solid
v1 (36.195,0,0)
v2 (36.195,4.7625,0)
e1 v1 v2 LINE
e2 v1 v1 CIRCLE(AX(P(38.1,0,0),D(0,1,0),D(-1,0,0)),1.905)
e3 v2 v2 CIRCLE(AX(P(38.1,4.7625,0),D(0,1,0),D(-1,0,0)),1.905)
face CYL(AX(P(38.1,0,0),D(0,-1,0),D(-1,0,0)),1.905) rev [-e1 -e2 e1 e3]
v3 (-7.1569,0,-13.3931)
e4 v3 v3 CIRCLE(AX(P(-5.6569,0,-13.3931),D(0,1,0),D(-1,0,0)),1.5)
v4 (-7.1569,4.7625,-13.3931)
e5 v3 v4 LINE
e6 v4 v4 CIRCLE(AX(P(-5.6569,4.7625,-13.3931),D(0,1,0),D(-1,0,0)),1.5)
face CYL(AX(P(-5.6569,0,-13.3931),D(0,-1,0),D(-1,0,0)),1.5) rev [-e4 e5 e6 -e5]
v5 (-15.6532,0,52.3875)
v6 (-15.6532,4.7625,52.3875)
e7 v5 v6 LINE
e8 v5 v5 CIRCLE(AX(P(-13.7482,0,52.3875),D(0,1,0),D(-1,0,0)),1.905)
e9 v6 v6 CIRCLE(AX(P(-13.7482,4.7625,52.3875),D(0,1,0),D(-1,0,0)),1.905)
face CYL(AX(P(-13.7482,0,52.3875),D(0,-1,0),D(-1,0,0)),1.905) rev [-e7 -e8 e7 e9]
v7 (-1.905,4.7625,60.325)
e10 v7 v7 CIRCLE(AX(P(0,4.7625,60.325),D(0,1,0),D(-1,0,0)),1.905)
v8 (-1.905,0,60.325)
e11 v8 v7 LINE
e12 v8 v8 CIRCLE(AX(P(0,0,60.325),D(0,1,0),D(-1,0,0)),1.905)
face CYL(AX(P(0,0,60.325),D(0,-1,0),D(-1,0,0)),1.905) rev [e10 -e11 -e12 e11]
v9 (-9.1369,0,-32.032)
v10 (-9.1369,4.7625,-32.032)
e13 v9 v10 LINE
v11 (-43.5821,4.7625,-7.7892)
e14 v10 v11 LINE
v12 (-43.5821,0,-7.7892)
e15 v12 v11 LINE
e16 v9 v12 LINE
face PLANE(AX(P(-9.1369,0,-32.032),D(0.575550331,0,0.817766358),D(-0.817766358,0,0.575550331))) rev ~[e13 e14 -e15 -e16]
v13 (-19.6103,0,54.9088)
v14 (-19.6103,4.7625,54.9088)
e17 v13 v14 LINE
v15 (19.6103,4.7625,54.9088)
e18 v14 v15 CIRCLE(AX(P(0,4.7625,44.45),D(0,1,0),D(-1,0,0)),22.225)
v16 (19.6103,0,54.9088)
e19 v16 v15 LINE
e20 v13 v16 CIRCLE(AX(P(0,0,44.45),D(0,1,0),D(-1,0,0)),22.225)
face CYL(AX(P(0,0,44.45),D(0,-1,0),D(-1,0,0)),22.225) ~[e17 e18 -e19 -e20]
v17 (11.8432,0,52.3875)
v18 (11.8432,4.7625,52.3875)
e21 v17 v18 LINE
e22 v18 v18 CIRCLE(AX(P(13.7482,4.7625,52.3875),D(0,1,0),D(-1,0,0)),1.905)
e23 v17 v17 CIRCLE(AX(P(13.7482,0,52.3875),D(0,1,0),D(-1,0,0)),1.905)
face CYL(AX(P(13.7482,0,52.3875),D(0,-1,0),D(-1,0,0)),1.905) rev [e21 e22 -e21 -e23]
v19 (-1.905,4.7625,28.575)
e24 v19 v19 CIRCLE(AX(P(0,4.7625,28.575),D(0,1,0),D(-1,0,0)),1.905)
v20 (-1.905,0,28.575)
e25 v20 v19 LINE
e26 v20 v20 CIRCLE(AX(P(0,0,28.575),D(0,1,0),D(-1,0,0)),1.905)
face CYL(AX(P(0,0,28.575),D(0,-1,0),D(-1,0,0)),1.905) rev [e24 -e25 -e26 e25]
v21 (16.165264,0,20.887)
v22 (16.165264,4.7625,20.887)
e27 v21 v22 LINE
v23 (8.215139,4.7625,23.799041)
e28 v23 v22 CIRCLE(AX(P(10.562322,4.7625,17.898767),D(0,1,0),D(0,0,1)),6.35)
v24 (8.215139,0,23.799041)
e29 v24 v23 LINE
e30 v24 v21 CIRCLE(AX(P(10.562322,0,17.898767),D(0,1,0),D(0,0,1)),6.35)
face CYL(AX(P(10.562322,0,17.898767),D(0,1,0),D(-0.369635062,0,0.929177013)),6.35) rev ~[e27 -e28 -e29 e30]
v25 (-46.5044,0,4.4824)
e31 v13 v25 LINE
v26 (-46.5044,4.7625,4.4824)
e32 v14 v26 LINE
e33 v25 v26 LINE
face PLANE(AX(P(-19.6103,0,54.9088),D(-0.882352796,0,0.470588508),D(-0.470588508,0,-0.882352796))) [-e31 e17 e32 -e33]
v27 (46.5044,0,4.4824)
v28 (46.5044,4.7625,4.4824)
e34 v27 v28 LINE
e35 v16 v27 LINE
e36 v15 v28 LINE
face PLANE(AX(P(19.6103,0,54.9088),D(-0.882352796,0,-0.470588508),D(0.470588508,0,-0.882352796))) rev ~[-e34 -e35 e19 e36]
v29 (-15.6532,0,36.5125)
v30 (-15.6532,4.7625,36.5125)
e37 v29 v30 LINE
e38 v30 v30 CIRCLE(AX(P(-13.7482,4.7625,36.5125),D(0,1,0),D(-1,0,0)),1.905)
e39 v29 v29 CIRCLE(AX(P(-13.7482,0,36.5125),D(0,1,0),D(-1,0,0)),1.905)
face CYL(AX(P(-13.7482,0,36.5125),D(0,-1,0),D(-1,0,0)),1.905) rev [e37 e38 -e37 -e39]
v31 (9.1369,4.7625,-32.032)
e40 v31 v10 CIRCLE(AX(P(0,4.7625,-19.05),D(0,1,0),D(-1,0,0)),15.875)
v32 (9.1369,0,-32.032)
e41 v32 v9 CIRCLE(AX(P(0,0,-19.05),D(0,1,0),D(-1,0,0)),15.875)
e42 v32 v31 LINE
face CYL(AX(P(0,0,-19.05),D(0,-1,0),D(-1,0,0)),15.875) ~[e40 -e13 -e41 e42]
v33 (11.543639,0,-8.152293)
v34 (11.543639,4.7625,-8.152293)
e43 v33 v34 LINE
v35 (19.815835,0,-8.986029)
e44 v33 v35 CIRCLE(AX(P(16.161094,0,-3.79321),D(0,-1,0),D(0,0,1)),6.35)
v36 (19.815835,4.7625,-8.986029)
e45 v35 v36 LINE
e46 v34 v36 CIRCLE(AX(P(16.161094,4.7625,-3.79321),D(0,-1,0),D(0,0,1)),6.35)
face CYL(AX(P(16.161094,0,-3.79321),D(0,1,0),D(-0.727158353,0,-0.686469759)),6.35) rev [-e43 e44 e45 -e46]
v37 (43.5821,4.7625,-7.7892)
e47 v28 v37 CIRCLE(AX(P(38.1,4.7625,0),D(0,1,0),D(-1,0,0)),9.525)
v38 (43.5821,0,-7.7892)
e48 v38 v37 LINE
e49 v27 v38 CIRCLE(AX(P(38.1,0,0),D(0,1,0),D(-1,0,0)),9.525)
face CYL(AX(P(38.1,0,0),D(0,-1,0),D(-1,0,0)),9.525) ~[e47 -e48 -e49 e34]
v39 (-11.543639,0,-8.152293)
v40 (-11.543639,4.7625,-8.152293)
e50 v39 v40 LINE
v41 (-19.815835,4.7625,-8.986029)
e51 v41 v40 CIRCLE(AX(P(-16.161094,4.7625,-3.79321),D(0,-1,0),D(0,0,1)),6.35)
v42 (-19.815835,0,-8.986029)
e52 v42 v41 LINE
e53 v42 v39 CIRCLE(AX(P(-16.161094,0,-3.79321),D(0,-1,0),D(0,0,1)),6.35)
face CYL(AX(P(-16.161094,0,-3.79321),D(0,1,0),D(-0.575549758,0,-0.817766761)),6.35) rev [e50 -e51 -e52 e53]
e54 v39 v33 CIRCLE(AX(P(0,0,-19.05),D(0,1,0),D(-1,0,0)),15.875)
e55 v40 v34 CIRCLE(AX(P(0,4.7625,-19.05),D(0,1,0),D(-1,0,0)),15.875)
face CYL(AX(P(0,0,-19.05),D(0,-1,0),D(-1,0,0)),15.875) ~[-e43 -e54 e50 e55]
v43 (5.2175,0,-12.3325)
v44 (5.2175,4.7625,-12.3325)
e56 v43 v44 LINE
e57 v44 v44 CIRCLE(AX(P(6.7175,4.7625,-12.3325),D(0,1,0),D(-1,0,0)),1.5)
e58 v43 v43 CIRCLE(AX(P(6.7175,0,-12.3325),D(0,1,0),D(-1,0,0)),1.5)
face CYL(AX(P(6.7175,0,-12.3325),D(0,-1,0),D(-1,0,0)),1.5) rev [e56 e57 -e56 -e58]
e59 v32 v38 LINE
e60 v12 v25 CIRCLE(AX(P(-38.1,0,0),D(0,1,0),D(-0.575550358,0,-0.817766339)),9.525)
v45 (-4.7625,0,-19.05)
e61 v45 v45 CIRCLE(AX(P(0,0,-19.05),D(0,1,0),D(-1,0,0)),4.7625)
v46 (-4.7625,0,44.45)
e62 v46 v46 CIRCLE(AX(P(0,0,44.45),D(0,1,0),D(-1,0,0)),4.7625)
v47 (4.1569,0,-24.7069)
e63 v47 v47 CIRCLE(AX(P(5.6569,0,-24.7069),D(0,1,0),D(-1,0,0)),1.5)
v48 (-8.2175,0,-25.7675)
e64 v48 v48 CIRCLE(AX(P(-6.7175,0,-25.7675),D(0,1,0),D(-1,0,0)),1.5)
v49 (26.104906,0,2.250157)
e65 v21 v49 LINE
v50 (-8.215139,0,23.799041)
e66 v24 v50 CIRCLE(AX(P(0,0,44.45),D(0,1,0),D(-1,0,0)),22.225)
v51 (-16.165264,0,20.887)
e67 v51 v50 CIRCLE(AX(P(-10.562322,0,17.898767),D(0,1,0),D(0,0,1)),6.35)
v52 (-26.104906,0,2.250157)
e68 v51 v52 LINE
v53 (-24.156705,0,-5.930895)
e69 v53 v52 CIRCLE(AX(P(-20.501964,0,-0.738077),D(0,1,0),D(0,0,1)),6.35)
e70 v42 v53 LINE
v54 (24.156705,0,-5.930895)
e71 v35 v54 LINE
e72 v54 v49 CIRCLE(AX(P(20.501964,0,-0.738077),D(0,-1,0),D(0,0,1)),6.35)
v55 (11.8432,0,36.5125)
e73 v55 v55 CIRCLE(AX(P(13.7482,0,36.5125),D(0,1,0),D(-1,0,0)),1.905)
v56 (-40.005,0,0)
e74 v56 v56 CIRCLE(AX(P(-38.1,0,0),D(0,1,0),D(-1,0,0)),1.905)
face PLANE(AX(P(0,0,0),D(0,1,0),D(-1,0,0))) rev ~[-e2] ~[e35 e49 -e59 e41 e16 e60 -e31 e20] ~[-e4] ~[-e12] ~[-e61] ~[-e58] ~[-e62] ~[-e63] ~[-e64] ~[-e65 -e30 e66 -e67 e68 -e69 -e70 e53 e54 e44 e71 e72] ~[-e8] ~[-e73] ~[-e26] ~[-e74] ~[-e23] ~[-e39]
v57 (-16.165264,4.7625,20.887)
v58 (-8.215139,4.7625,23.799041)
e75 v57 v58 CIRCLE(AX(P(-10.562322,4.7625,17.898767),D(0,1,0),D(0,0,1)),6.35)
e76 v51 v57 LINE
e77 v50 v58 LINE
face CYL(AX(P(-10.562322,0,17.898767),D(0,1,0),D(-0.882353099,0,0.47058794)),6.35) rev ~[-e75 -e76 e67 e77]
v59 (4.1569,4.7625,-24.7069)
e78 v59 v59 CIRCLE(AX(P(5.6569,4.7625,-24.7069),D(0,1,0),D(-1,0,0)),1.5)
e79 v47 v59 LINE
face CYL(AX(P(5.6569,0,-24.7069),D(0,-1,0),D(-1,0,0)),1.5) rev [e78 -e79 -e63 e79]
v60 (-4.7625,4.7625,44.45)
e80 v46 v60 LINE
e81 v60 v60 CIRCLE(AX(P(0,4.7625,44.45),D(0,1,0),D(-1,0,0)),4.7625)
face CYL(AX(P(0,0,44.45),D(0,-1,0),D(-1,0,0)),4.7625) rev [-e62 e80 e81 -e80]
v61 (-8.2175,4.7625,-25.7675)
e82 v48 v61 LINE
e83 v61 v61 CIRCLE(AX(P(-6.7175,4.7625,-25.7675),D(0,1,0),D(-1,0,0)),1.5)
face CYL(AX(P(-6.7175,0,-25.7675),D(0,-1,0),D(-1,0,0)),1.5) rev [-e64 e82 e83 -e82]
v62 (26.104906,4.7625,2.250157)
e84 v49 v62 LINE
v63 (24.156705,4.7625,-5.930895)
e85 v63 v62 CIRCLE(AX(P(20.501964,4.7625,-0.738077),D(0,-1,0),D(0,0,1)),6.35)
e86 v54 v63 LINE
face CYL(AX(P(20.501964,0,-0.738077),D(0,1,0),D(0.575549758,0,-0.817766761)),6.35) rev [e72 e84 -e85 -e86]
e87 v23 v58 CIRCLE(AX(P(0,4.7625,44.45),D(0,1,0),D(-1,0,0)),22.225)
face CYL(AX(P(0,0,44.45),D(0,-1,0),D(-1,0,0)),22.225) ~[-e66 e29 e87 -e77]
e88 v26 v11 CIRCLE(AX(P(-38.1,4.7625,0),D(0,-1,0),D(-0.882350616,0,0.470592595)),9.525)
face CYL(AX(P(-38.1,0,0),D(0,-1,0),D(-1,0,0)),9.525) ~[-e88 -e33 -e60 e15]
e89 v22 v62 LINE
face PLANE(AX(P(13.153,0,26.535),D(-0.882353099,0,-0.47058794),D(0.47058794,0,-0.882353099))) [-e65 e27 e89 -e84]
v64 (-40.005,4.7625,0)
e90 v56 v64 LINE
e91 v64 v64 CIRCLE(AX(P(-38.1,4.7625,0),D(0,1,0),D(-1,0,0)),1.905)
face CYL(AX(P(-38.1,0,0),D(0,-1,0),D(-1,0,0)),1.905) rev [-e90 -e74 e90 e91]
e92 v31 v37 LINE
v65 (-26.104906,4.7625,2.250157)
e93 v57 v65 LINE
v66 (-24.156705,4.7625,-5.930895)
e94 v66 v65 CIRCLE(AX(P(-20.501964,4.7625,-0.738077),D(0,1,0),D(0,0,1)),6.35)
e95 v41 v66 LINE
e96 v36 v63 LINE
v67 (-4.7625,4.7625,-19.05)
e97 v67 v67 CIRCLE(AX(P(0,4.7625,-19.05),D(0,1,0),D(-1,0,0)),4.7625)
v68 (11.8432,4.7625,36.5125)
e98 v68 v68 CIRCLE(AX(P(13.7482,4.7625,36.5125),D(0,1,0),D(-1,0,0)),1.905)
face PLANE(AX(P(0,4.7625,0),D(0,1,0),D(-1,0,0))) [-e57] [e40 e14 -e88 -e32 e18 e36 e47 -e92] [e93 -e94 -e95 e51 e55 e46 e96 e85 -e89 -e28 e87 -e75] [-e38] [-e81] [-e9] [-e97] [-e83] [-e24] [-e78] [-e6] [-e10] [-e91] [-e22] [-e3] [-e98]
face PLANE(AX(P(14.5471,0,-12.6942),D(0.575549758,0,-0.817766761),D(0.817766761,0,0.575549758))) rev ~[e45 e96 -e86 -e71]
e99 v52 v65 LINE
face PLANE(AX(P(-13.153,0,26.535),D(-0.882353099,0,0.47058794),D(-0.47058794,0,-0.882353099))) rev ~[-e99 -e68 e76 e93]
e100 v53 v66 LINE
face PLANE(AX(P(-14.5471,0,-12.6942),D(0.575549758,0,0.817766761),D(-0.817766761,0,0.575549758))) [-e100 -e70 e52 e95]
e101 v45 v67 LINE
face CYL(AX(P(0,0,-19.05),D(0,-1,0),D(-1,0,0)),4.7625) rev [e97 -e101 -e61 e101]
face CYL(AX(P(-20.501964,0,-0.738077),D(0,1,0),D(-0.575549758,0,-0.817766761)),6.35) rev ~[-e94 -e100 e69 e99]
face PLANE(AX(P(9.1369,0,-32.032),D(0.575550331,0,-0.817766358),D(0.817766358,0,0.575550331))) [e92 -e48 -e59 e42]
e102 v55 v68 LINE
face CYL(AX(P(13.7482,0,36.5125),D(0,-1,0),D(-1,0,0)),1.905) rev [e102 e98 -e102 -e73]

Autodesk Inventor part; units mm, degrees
ref_plane "YZ Plane" through (0, 0, 0) normal (1, 0, 0) x (0, 1, 0)
ref_plane "XZ Plane" through (0, 0, 0) normal (0, 1, 0) x (-1, 0, 0)
ref_plane "XY Plane" through (0, 0, 0) normal (0, 0, 1) x (1, 0, 0)
sketch "Sketch1" plane through (0, 0, 0) normal (0, 1, 0) x (-1, 0, 0)
  circle A0 centre (0, 0) radius 38.1 construction
  line L0 (0, 0) -> (38.1, 0) construction
  line L1 (0, 0) -> (-38.1, 0) construction
  circle A1 centre (38.1, 0) radius 1.905
  circle A2 centre (-38.1, 0) radius 1.905
  circle A3 centre (38.1, 0) radius 9.525
  circle A4 centre (-38.1, 0) radius 9.525
  line L2 (0, 0) -> (0, 44.45) construction
  circle A5 centre (0, 44.45) radius 76.2 construction
  circle A6 centre (0, 44.45) radius 19.05 construction
  circle A7 centre (0, 0) radius 25.4 construction
  circle A8 centre (0, 44.45) radius 4.7625
  circle A9 centre (0, 44.45) radius 22.225
  line L3 (19.6103, 54.9088) -> (46.5044, 4.4824)
  line L4 (-19.6103, 54.9088) -> (-46.5044, 4.4824)
  line L5 (13.153, 26.535) -> (29.6956, -4.4824)
  line L6 (-13.153, 26.535) -> (-29.6956, -4.4824)
  circle A10 centre (0, 44.45) radius 15.875 construction
  circle A11 centre (0, 60.325) radius 1.905
  circle A12 centre (-13.7482, 52.3875) radius 1.905
  circle A13 centre (-13.7482, 36.5125) radius 1.905
  circle A14 centre (0, 28.575) radius 1.905
  circle A15 centre (13.7482, 36.5125) radius 1.905
  circle A16 centre (13.7482, 52.3875) radius 1.905
  circle A17 centre (0, -19.05) radius 4.7625
  circle A18 centre (0, -19.05) radius 8 construction
  circle A19 centre (0, -19.05) radius 9.5 construction
  line L7 (0, -19.05) -> (9.5, -19.05) construction
  line L8 (0, -19.05) -> (6.7175, -12.3325) construction
  circle A20 centre (5.6569, -13.3931) radius 1.5
  line L9 (0, -19.05) -> (6.7175, -25.7675) construction
  circle A21 centre (6.7175, -25.7675) radius 1.5
  circle A22 centre (-6.7175, -12.3325) radius 1.5
  circle A23 centre (-5.6569, -24.7069) radius 1.5
  circle A24 centre (0, -19.05) radius 15.875
  line L10 (9.1369, -32.032) -> (43.5821, -7.7892)
  line L11 (14.5471, -12.6942) -> (28.7456, -2.7012)
  line L12 (-9.1369, -32.032) -> (-43.5821, -7.7892)
  line L13 (-14.5471, -12.6942) -> (-28.7456, -2.7012)
  point P0 (-29.6956, -4.4824)
  point P1 (29.6956, -4.4824)
  dimension "d14" = 31.75
  dimension "d22" = 16
  dimension "d0" = 76.2
  dimension "d1" = 3.81
  dimension "d2" = 3.81
  dimension "d3" = 19.05
  dimension "d4" = 19.05
  dimension "d5" = 152.4
  dimension "d6" = 38.1
  dimension "d7" = 50.8
  dimension "d8" = 9.525
  dimension "d9" = 44.45
  dimension "d10" = 19.05
  dimension "d15" = 3.81
  dimension "d18" = 360
  dimension "d20" = 9.525
  dimension "d21" = 63.5
  dimension "d23" = 19
  dimension "d24" = 45
  dimension "d25" = 3
  dimension "d26" = 3
  dimension "d29" = 360
  dimension "d31" = 31.75
  dimension "d32" = 12.7
extrude "Extrusion1" add sketch "Sketch1" along normal blind 4.7625 contours A3 | A3 L5 A9 L3 | L10 A24 L11 L5 A3 | A9 | A24 | A9 L6 A4 L4 | L12 A4 L6 L13 A24 | A4
fillet "Fillet1" radius 6.35 6 edges at (-13.153, 2.3813, 26.535) (13.153, 2.3813, 26.535) (-14.5471, 2.3813, -12.6942) (-28.7456, 2.3813, -2.7012) (14.5471, 2.3813, -12.6942) (28.7456, 2.3813, -2.7012)
equation "\"d2\" = d1"
equation "\"d4\" = d3"
properties part number "Upright - Bottom" material "Aluminum 6061"
